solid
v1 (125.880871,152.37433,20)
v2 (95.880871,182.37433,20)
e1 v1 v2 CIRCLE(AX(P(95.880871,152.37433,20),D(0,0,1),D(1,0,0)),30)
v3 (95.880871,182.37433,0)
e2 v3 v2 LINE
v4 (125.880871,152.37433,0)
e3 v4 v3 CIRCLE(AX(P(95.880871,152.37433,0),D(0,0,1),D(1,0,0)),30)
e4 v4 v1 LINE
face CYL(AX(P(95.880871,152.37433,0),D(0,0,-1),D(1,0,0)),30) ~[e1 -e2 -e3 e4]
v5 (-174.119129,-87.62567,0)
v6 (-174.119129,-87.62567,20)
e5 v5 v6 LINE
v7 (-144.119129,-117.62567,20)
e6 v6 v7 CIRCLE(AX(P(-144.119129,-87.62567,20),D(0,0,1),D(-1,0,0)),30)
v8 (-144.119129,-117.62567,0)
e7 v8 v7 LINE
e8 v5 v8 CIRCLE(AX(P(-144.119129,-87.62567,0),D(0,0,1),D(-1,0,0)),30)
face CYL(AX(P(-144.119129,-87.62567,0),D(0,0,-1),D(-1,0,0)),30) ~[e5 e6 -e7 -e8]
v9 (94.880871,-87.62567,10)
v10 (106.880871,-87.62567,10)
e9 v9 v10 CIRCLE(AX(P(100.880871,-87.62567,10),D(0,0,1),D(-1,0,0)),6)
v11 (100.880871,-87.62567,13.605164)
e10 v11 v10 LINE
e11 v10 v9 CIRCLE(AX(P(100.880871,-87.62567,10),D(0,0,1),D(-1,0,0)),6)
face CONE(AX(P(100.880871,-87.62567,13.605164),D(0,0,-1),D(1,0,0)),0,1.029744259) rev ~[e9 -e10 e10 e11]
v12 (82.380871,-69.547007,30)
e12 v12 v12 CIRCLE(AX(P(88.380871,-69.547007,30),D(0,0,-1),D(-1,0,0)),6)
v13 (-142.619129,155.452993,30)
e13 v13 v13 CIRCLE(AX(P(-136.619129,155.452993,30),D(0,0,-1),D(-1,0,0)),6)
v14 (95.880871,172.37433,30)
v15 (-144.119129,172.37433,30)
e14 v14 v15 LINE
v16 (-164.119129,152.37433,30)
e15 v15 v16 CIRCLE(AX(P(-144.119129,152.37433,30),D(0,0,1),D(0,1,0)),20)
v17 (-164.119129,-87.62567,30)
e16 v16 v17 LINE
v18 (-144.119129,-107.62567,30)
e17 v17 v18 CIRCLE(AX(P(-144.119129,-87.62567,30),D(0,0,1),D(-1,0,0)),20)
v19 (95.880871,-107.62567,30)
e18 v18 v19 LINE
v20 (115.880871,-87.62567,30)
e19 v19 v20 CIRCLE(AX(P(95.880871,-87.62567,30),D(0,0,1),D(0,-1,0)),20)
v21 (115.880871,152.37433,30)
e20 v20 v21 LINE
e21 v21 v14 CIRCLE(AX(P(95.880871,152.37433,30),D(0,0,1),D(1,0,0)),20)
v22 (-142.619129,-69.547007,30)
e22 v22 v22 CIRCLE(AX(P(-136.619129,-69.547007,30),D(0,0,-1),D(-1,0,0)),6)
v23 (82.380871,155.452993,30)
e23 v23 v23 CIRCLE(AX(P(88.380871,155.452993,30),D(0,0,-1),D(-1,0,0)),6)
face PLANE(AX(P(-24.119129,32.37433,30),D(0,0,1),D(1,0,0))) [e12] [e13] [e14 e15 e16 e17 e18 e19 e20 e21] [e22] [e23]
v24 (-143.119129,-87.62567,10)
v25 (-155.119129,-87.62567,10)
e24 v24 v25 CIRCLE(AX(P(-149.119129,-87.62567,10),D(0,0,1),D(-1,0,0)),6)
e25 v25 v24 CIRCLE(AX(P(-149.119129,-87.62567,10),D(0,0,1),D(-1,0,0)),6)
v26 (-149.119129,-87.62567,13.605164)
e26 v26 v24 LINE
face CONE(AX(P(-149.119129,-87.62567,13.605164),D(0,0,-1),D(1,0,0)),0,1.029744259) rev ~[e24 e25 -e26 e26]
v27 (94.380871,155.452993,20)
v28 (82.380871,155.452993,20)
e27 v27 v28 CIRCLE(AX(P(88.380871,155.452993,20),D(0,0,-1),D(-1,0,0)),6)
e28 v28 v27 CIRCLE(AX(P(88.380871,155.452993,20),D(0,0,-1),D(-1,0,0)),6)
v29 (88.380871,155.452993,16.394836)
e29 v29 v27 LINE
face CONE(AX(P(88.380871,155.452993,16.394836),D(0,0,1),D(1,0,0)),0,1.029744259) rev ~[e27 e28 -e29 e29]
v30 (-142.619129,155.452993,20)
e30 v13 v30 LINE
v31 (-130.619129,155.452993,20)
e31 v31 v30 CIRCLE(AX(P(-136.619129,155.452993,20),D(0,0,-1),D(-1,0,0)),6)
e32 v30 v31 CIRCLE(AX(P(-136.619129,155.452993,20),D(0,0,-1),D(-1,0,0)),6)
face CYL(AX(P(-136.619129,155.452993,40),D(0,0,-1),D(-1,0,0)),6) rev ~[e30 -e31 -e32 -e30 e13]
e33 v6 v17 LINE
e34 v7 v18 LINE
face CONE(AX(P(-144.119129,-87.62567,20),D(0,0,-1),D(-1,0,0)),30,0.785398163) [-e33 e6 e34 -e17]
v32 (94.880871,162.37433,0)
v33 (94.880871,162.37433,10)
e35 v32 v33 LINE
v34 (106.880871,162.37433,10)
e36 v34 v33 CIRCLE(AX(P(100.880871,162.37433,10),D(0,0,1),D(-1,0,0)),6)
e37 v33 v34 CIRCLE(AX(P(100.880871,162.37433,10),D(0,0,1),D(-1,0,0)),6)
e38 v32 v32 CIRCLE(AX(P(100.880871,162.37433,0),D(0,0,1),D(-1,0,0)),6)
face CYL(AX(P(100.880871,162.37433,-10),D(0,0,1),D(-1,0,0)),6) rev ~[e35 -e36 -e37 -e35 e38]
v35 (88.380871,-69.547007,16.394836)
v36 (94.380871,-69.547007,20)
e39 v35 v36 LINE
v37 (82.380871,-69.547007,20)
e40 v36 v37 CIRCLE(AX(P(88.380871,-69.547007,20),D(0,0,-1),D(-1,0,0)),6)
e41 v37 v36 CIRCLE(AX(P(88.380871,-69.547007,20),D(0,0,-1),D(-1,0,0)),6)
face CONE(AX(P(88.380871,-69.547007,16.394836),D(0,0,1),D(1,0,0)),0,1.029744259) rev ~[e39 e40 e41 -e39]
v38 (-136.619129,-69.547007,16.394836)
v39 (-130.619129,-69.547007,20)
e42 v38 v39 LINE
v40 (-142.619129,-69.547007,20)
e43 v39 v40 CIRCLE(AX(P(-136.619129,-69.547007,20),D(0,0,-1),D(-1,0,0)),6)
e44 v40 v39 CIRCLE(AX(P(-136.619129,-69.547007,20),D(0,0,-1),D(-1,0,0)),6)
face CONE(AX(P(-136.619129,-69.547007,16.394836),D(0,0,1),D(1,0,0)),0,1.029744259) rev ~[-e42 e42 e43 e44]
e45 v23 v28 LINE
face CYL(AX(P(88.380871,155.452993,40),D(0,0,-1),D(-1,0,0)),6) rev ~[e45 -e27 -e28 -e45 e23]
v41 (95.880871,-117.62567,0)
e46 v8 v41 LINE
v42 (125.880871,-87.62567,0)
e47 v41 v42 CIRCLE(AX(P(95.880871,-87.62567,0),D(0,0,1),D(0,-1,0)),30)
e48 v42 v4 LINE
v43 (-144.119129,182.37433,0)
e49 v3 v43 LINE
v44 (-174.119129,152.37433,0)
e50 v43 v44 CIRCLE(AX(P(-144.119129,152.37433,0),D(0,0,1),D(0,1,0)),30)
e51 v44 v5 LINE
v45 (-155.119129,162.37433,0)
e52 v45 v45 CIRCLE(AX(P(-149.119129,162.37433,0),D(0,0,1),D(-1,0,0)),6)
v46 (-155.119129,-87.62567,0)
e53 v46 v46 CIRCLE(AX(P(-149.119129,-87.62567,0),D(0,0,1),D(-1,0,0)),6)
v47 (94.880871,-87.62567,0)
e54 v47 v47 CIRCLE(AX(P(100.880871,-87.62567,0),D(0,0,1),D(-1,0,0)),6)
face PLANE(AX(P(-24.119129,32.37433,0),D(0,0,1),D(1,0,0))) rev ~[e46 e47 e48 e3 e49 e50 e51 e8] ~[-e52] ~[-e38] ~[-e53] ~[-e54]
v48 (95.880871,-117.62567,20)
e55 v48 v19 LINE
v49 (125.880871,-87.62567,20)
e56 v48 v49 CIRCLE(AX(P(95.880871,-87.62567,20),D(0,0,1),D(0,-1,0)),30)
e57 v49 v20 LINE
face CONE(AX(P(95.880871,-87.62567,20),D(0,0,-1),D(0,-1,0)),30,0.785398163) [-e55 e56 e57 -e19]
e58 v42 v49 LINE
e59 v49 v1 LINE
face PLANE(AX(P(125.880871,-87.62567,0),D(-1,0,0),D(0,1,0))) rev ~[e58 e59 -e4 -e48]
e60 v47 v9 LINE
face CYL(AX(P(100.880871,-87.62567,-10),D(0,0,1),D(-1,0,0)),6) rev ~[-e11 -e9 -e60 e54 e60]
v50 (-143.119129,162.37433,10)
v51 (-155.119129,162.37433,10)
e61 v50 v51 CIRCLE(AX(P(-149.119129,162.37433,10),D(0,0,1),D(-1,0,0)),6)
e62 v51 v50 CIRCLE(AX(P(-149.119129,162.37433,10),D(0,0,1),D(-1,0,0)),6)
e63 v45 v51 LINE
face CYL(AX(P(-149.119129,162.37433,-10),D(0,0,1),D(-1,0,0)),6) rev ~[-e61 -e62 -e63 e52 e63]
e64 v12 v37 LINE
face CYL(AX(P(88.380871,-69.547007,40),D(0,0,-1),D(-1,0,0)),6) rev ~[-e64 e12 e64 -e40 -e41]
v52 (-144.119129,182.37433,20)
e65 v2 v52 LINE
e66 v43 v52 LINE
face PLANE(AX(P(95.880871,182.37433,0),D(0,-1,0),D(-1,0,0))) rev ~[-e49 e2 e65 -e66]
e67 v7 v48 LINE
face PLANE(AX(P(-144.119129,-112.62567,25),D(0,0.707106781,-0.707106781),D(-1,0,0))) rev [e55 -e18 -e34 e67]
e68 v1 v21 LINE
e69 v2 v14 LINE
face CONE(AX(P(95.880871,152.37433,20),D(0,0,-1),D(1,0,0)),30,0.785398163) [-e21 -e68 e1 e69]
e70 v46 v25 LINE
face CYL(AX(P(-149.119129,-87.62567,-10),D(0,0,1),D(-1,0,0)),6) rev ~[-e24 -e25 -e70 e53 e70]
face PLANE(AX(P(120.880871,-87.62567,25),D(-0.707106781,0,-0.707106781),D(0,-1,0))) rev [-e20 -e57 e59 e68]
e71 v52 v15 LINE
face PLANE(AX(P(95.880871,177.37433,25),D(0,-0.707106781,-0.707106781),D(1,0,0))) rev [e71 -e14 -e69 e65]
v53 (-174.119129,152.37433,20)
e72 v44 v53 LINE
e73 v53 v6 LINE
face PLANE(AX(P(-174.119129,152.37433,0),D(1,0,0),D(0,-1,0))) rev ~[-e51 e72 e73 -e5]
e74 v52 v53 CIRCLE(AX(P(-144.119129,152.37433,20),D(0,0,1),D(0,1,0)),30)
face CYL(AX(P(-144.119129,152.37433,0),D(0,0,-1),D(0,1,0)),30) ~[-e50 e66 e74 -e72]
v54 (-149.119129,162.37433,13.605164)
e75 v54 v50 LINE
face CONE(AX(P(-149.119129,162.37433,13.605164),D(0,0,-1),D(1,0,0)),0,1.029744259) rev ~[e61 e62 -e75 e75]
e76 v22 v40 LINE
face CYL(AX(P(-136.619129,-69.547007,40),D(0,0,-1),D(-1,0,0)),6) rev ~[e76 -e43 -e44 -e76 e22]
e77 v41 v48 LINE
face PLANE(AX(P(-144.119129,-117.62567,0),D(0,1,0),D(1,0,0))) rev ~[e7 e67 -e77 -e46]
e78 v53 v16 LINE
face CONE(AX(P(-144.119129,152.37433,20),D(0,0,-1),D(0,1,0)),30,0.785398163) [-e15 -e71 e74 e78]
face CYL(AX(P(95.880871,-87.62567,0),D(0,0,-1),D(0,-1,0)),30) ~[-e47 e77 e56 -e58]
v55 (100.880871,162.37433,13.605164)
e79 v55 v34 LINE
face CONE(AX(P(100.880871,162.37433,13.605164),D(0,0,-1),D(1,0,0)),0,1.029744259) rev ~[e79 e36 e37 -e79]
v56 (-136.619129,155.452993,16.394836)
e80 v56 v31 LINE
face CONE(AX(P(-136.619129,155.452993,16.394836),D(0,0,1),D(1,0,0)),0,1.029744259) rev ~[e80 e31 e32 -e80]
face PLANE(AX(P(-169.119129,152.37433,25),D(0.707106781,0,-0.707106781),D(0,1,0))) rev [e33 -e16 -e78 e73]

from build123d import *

# Parameters (mm, degrees)
F1_DEPTH = 30
F3_D     = 12
F3_DEPTH = 10
F3_TIP   = 3.6051637142
F4_SIZE2 = 10
F4_SIZE  = 10
F6_D     = 12
F6_DEPTH = 10
F6_TIP   = 3.6051637142


with BuildPart() as f1:
    # F0 (on Top) → F1 (new body)
    with BuildSketch(Plane.XY):
        with BuildLine():
            Line((95.8808709681, 182.3743300438), (-144.1191290319, 182.3743300438))
            ThreePointArc((-144.1191290319, 182.3743300438), (-165.3323324675, 173.5875334794), (-174.1191290319, 152.3743300438))
            Line((-174.1191290319, 152.3743300438), (-174.1191290319, -87.6256699562))
            ThreePointArc((-174.1191290319, -87.6256699562), (-165.3323324675, -108.8388733918), (-144.1191290319, -117.6256699562))
            Line((-144.1191290319, -117.6256699562), (95.8808709681, -117.6256699562))
            ThreePointArc((95.8808709681, -117.6256699562), (117.0940744037, -108.8388733918), (125.8808709681, -87.6256699562))
            Line((125.8808709681, -87.6256699562), (125.8808709681, 152.3743300438))
            ThreePointArc((125.8808709681, 152.3743300438), (117.0940744037, 173.5875334794), (95.8808709681, 182.3743300438))
        make_face()
    extrude(amount=F1_DEPTH)

    # F3
    with Locations(Plane.XY.offset(30)):
        with Locations((-136.6191290319, 155.4529928305), (88.3808709681, 155.4529928305), (-136.6191290319, -69.5470071695), (88.3808709681, -69.5470071695)):
            Hole(F3_D / 2, depth=F3_DEPTH)
            with Locations((0, 0, -(F3_DEPTH + F3_TIP / 2))):  # 118° drill point
                Cone(0, F3_D / 2, F3_TIP, mode=Mode.SUBTRACT)

    # F4
    f4_edges = [f1.edges().sort_by_distance(p)[0] for p in [
        (-165.332332, 173.587533, 30),
        (-174.119129, 32.37433, 30),
        (-165.332332, -108.838873, 30),
        (-24.119129, -117.62567, 30),
        (117.094074, -108.838873, 30),
        (125.880871, 32.37433, 30),
        (117.094074, 173.587533, 30),
        (-24.119129, 182.37433, 30),
    ]]
    chamfer(f4_edges, length=F4_SIZE, length2=F4_SIZE2)

    # F6
    with Locations(Plane(origin=(0, 0, 0), x_dir=(1, 0, 0), z_dir=(0, 0, -1))):
        with Locations((-149.1191290319, 87.6256699562), (100.8808709681, 87.6256699562), (-149.1191290319, -162.3743300438), (100.8808709681, -162.3743300438)):
            Hole(F6_D / 2, depth=F6_DEPTH)
            with Locations((0, 0, -(F6_DEPTH + F6_TIP / 2))):  # 118° drill point
                Cone(0, F6_D / 2, F6_TIP, mode=Mode.SUBTRACT)


solid = f1.part
